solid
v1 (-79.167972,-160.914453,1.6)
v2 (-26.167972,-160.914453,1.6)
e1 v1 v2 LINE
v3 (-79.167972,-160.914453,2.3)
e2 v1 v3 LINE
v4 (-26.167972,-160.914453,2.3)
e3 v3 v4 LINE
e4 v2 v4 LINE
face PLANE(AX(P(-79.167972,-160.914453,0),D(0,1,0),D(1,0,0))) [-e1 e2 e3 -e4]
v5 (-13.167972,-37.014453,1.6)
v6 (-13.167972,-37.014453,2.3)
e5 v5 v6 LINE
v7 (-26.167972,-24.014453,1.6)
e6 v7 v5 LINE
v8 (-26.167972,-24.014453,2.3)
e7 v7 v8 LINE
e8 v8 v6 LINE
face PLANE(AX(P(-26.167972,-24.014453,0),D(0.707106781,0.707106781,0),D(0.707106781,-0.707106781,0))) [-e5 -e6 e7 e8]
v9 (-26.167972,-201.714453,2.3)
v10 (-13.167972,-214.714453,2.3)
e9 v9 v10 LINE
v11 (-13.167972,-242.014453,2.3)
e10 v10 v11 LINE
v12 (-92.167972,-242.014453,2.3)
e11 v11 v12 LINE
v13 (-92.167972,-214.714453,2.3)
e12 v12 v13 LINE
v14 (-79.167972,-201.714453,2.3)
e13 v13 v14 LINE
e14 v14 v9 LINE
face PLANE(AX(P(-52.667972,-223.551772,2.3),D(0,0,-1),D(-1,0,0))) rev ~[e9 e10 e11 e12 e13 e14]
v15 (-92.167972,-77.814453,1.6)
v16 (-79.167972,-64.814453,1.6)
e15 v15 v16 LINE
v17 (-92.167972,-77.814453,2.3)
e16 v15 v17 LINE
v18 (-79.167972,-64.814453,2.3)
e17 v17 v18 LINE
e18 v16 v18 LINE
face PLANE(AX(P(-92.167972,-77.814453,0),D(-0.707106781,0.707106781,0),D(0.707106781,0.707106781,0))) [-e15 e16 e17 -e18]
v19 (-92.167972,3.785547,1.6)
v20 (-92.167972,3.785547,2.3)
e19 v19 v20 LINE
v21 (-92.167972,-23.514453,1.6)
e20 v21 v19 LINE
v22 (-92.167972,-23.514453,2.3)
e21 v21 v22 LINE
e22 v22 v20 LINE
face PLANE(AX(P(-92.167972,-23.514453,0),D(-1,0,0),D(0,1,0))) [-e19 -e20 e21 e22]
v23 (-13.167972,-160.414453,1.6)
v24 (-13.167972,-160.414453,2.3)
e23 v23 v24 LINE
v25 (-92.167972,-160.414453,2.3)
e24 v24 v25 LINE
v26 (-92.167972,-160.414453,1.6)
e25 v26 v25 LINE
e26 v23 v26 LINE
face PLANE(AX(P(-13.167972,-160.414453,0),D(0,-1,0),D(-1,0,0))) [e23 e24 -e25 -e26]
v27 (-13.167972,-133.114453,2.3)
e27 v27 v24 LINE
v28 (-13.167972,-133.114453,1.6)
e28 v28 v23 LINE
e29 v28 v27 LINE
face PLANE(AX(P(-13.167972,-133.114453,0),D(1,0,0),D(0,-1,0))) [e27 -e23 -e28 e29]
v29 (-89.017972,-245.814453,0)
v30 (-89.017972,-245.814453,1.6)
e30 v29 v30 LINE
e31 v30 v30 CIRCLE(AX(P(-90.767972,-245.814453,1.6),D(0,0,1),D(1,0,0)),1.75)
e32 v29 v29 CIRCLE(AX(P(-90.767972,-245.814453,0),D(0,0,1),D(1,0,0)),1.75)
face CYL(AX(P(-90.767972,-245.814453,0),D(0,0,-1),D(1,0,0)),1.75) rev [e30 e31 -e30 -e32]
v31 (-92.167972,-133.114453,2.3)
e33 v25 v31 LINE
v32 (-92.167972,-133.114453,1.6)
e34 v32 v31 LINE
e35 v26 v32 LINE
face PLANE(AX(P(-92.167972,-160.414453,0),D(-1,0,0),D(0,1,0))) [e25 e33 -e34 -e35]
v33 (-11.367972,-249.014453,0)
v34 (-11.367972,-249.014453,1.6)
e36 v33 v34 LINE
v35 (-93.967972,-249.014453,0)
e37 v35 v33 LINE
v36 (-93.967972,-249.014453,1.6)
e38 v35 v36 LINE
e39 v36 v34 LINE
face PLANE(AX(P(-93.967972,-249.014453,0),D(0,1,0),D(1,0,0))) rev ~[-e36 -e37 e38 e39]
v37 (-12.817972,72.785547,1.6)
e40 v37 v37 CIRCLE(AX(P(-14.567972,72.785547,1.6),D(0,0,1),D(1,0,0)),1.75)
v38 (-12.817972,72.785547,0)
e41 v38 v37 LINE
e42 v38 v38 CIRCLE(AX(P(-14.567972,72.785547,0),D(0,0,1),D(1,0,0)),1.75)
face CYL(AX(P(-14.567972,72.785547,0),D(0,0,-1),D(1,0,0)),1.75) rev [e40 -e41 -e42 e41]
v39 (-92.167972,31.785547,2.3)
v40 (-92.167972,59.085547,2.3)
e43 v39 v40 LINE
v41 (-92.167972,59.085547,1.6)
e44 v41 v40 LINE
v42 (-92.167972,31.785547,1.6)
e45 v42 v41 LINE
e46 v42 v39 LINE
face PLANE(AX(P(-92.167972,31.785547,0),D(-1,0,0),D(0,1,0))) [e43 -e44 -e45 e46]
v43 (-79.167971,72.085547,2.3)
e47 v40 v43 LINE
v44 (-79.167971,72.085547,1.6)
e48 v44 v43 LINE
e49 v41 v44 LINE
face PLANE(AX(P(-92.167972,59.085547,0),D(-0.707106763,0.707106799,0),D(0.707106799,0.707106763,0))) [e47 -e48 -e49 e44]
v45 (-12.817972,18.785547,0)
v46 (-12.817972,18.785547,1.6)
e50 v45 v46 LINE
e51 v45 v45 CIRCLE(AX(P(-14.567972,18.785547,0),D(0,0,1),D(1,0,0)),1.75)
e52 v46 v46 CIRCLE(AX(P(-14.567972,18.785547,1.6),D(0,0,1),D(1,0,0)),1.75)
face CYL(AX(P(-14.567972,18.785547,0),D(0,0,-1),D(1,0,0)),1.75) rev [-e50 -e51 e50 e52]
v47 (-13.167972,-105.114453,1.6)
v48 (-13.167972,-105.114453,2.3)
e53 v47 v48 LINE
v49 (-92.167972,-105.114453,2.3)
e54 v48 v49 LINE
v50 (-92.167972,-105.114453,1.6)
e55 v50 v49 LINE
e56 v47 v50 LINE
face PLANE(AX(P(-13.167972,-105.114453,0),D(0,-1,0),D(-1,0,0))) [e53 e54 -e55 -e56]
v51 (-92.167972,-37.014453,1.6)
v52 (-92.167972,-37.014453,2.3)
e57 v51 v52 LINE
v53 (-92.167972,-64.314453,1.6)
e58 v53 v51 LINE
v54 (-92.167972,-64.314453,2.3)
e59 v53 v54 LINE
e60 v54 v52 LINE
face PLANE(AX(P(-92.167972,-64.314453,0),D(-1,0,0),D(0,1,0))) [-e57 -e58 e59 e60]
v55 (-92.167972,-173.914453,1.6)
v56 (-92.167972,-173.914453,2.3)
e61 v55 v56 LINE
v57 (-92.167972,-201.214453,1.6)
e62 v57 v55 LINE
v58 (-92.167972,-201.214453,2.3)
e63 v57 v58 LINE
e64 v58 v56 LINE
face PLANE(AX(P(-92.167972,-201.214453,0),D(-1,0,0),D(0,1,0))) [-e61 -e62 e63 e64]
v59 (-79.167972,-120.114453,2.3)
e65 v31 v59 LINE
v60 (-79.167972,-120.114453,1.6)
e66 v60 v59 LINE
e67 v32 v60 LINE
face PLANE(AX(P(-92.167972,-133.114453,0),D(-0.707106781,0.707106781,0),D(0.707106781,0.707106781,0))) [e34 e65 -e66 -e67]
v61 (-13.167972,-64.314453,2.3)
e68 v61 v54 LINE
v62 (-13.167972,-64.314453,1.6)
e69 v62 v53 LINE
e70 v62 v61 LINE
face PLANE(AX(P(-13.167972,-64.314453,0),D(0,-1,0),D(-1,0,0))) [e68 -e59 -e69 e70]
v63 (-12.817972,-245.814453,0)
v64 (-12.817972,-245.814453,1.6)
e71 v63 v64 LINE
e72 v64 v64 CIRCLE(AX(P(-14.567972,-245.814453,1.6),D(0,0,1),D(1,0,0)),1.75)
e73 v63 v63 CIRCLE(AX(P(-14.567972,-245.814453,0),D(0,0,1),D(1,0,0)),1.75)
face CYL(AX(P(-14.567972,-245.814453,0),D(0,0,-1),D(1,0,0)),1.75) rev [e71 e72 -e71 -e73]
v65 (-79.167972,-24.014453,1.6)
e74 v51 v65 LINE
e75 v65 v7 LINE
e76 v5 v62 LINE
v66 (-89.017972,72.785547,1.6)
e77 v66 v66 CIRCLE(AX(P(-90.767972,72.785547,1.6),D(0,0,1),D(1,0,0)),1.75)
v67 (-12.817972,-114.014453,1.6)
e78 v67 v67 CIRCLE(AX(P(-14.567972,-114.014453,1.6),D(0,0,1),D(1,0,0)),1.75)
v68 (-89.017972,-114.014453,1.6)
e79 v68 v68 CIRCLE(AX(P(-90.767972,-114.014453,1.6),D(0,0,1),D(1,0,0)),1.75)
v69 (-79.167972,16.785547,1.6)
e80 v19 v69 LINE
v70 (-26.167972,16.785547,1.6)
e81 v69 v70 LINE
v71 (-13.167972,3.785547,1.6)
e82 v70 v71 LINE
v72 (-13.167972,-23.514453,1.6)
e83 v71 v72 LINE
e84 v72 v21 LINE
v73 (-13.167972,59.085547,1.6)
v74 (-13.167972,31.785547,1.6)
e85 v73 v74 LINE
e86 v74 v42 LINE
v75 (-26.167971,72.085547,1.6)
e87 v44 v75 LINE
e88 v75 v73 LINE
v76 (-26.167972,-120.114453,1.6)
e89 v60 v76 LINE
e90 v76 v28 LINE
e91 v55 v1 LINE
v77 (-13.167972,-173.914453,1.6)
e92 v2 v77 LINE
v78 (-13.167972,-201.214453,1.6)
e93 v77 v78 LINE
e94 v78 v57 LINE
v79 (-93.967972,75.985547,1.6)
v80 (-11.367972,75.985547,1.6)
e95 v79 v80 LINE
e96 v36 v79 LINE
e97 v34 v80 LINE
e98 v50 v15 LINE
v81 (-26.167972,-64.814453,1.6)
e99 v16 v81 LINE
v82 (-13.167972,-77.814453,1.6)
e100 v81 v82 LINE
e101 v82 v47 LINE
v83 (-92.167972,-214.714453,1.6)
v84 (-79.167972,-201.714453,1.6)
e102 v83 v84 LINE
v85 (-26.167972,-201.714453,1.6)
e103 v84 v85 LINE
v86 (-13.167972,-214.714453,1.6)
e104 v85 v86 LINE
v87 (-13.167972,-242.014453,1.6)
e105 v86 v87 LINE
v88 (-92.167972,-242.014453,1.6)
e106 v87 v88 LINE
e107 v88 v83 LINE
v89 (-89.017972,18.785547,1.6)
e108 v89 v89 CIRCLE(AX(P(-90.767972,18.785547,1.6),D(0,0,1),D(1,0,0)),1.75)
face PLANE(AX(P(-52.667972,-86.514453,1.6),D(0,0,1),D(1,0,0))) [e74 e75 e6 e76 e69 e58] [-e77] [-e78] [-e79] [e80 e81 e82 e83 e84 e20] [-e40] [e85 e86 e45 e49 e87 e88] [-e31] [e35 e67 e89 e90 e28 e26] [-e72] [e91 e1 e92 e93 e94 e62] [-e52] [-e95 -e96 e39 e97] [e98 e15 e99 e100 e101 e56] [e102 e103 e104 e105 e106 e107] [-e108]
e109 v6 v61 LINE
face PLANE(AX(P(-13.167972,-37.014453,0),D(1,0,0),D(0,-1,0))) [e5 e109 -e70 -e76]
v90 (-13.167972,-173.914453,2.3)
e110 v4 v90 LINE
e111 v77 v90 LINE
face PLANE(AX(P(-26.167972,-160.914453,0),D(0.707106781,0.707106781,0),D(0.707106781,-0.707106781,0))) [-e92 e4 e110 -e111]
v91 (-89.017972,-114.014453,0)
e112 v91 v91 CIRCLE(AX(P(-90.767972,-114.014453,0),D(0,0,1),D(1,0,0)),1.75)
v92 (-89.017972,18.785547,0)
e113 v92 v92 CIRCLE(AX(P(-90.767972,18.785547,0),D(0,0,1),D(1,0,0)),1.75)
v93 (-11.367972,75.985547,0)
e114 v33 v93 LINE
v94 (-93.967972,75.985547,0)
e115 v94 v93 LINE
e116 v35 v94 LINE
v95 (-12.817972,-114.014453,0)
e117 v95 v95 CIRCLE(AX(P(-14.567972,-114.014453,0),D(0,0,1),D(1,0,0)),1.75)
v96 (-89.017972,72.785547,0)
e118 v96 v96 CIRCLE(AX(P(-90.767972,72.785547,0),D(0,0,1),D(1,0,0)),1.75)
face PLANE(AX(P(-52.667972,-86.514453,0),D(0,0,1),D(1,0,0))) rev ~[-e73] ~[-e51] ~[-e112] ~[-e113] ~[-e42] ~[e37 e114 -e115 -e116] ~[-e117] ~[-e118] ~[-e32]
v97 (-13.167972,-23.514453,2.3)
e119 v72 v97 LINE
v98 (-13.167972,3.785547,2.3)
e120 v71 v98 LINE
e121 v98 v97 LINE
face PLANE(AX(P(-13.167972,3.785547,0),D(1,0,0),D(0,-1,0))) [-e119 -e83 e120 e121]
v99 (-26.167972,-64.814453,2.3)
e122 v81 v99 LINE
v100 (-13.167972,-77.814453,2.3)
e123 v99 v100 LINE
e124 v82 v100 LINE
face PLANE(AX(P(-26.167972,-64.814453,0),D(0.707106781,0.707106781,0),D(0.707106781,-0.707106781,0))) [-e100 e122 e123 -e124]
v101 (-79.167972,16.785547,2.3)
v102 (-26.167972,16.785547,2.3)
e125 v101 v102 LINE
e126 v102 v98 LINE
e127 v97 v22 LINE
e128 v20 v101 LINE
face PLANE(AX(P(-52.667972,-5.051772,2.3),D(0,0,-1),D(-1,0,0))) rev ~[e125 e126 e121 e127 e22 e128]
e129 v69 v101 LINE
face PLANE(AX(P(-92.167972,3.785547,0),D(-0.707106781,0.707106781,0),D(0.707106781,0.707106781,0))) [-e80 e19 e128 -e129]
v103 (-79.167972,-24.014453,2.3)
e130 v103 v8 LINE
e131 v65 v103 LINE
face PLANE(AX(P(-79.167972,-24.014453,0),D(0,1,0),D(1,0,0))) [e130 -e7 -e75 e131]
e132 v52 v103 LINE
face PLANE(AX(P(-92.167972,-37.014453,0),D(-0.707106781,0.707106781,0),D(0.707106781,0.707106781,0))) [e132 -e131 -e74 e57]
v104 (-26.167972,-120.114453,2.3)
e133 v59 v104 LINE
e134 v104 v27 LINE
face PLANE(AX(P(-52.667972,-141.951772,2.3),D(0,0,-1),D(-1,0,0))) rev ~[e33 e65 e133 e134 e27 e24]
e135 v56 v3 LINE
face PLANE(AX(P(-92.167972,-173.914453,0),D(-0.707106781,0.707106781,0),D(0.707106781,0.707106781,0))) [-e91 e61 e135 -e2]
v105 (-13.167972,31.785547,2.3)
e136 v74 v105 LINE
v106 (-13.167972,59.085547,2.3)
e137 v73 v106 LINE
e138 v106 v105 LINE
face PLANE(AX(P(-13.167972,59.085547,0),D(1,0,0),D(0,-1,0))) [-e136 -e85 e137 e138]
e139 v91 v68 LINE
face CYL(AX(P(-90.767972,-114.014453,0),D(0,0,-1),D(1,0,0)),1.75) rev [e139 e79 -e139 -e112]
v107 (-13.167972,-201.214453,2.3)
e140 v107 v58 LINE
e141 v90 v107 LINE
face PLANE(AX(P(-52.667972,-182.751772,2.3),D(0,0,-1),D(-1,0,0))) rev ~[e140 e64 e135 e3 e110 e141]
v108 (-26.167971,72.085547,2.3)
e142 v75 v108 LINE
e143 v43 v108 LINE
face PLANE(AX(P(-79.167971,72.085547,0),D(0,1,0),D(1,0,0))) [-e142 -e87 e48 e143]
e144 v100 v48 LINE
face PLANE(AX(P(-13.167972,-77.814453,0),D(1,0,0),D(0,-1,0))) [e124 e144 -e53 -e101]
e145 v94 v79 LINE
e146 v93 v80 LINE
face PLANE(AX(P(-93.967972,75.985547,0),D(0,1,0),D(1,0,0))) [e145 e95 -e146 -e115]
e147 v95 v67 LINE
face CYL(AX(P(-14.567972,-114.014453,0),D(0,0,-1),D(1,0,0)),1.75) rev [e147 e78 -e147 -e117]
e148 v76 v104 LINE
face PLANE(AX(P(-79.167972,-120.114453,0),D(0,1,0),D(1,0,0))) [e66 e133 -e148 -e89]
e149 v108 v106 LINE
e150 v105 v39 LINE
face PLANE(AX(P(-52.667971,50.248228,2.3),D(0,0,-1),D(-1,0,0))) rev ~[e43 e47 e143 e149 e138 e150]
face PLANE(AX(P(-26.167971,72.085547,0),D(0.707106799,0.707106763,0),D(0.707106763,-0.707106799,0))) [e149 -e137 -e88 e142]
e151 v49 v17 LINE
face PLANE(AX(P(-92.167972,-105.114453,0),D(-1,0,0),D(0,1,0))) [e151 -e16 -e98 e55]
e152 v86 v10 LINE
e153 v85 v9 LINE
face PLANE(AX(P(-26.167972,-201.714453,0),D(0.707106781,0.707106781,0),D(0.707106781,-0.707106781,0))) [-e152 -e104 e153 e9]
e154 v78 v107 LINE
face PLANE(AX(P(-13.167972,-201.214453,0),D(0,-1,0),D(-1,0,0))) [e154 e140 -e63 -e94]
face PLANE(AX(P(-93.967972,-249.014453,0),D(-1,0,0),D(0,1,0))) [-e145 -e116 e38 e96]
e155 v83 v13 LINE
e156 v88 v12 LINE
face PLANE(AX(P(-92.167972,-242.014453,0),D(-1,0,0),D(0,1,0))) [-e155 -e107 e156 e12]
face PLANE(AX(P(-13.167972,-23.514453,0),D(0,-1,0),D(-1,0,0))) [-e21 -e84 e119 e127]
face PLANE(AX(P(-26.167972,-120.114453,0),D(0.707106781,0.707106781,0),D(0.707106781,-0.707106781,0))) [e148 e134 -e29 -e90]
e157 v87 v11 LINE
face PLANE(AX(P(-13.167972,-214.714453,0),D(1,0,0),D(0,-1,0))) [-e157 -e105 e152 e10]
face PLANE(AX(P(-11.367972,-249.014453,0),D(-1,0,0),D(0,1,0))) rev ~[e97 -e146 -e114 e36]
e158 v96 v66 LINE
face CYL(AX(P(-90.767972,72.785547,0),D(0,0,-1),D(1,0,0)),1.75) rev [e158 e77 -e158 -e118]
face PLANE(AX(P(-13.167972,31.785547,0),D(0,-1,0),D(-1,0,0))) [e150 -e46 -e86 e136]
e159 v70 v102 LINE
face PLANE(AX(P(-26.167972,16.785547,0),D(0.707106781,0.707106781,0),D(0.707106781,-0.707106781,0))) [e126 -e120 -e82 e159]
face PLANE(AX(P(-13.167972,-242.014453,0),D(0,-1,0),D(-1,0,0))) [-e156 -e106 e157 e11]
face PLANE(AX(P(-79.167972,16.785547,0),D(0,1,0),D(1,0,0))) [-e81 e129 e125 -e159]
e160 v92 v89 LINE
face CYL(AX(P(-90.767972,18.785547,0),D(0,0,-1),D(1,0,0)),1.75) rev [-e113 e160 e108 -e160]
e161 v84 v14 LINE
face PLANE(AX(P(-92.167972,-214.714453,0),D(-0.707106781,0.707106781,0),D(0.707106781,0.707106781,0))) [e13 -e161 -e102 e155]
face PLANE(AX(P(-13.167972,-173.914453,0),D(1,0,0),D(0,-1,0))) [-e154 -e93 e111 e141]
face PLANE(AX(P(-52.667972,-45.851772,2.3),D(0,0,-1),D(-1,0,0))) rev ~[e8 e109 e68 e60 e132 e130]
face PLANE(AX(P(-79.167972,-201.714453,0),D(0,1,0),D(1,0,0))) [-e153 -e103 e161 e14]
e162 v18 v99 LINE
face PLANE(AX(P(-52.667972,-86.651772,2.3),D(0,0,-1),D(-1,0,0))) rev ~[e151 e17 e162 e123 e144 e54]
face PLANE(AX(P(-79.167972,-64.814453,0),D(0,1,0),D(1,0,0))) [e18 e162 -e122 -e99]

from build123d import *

# Parameters (mm, degrees)
SKETCH1_W           = 82.6
SKETCH1_H           = 325
SKETCH1_R           = 1.75
BOSS_EXTRUDE4_DEPTH = 1.6
BOSS_EXTRUDE5_DEPTH = 2.3


with BuildPart() as part:
    # Sketch1 → Boss-Extrude4 (new body)
    with BuildSketch(Plane.XY):
        with Locations((-52.667971546, -86.514453125)):
            Rectangle(SKETCH1_W, SKETCH1_H)
        with Locations((-90.767971546, 72.785546875)):
            Circle(SKETCH1_R, mode=Mode.SUBTRACT)
        with Locations((-14.567971546, 72.785546875)):
            Circle(SKETCH1_R, mode=Mode.SUBTRACT)
        with Locations((-14.567971546, -245.814453125)):
            Circle(SKETCH1_R, mode=Mode.SUBTRACT)
        with Locations((-90.767971546, -245.814453125)):
            Circle(SKETCH1_R, mode=Mode.SUBTRACT)
        with Locations((-90.767971546, -114.014453125)):
            Circle(SKETCH1_R, mode=Mode.SUBTRACT)
        with Locations((-14.567971546, -114.014453125)):
            Circle(SKETCH1_R, mode=Mode.SUBTRACT)
        with Locations((-90.767971546, 18.785546875)):
            Circle(SKETCH1_R, mode=Mode.SUBTRACT)
        with Locations((-14.567971546, 18.785546875)):
            Circle(SKETCH1_R, mode=Mode.SUBTRACT)
        Polygon((-92.167971546, -214.714453125), (-79.167971546, -201.714453125), (-26.167971546, -201.714453125), (-13.167971546, -214.714453125), (-13.167971546, -242.014453125), (-92.167971546, -242.014453125), align=None, mode=Mode.SUBTRACT)
        Polygon((-92.167971546, -173.914453125), (-79.167971546, -160.914453125), (-26.167971546, -160.914453125), (-13.167971546, -173.914453125), (-13.167971546, -201.214453125), (-92.167971546, -201.214453125), align=None, mode=Mode.SUBTRACT)
        Polygon((-92.167971546, -37.014453125), (-79.167971546, -24.014453125), (-26.167971546, -24.014453125), (-13.167971546, -37.014453125), (-13.167971546, -64.314453125), (-92.167971546, -64.314453125), align=None, mode=Mode.SUBTRACT)
        Polygon((-92.167971546, -133.114453125), (-79.167971546, -120.114453125), (-26.167971546, -120.114453125), (-13.167971546, -133.114453125), (-13.167971546, -160.414453125), (-92.167971546, -160.414453125), align=None, mode=Mode.SUBTRACT)
        Polygon((-92.167971546, -77.814453125), (-79.167971546, -64.814453125), (-26.167971546, -64.814453125), (-13.167971546, -77.814453125), (-13.167971546, -105.114453125), (-92.167971546, -105.114453125), align=None, mode=Mode.SUBTRACT)
        Polygon((-92.167971546, 3.785546875), (-79.167971546, 16.785546875), (-26.167971546, 16.785546875), (-13.167971546, 3.785546875), (-13.167971546, -23.514453125), (-92.167971546, -23.514453125), align=None, mode=Mode.SUBTRACT)
        Polygon((-92.167971546, 59.085546875), (-79.167970879, 72.085546875), (-26.167970879, 72.085546875), (-13.167971546, 59.085546875), (-13.167971546, 31.785546875), (-92.167971546, 31.785546875), align=None, mode=Mode.SUBTRACT)
    extrude(amount=BOSS_EXTRUDE4_DEPTH)

    # Sketch1<8> → Boss-Extrude5 (add)
    with BuildSketch(Plane.XY):
        Polygon((-79.167971546, -201.714453125), (-92.167971546, -214.714453125), (-92.167971546, -242.014453125), (-13.167971546, -242.014453125), (-13.167971546, -214.714453125), (-26.167971546, -201.714453125), align=None)
        Polygon((-79.167971546, -160.914453125), (-92.167971546, -173.914453125), (-92.167971546, -201.214453125), (-13.167971546, -201.214453125), (-13.167971546, -173.914453125), (-26.167971546, -160.914453125), align=None)
        Polygon((-79.167971546, -24.014453125), (-92.167971546, -37.014453125), (-92.167971546, -64.314453125), (-13.167971546, -64.314453125), (-13.167971546, -37.014453125), (-26.167971546, -24.014453125), align=None)
        Polygon((-79.167971546, -120.114453125), (-92.167971546, -133.114453125), (-92.167971546, -160.414453125), (-13.167971546, -160.414453125), (-13.167971546, -133.114453125), (-26.167971546, -120.114453125), align=None)
        Polygon((-79.167971546, -64.814453125), (-92.167971546, -77.814453125), (-92.167971546, -105.114453125), (-13.167971546, -105.114453125), (-13.167971546, -77.814453125), (-26.167971546, -64.814453125), align=None)
        Polygon((-79.167971546, 16.785546875), (-92.167971546, 3.785546875), (-92.167971546, -23.514453125), (-13.167971546, -23.514453125), (-13.167971546, 3.785546875), (-26.167971546, 16.785546875), align=None)
        Polygon((-79.167970879, 72.085546875), (-92.167971546, 59.085546875), (-92.167971546, 31.785546875), (-13.167971546, 31.785546875), (-13.167971546, 59.085546875), (-26.167970879, 72.085546875), align=None)
    extrude(amount=BOSS_EXTRUDE5_DEPTH)


solid = part.part
